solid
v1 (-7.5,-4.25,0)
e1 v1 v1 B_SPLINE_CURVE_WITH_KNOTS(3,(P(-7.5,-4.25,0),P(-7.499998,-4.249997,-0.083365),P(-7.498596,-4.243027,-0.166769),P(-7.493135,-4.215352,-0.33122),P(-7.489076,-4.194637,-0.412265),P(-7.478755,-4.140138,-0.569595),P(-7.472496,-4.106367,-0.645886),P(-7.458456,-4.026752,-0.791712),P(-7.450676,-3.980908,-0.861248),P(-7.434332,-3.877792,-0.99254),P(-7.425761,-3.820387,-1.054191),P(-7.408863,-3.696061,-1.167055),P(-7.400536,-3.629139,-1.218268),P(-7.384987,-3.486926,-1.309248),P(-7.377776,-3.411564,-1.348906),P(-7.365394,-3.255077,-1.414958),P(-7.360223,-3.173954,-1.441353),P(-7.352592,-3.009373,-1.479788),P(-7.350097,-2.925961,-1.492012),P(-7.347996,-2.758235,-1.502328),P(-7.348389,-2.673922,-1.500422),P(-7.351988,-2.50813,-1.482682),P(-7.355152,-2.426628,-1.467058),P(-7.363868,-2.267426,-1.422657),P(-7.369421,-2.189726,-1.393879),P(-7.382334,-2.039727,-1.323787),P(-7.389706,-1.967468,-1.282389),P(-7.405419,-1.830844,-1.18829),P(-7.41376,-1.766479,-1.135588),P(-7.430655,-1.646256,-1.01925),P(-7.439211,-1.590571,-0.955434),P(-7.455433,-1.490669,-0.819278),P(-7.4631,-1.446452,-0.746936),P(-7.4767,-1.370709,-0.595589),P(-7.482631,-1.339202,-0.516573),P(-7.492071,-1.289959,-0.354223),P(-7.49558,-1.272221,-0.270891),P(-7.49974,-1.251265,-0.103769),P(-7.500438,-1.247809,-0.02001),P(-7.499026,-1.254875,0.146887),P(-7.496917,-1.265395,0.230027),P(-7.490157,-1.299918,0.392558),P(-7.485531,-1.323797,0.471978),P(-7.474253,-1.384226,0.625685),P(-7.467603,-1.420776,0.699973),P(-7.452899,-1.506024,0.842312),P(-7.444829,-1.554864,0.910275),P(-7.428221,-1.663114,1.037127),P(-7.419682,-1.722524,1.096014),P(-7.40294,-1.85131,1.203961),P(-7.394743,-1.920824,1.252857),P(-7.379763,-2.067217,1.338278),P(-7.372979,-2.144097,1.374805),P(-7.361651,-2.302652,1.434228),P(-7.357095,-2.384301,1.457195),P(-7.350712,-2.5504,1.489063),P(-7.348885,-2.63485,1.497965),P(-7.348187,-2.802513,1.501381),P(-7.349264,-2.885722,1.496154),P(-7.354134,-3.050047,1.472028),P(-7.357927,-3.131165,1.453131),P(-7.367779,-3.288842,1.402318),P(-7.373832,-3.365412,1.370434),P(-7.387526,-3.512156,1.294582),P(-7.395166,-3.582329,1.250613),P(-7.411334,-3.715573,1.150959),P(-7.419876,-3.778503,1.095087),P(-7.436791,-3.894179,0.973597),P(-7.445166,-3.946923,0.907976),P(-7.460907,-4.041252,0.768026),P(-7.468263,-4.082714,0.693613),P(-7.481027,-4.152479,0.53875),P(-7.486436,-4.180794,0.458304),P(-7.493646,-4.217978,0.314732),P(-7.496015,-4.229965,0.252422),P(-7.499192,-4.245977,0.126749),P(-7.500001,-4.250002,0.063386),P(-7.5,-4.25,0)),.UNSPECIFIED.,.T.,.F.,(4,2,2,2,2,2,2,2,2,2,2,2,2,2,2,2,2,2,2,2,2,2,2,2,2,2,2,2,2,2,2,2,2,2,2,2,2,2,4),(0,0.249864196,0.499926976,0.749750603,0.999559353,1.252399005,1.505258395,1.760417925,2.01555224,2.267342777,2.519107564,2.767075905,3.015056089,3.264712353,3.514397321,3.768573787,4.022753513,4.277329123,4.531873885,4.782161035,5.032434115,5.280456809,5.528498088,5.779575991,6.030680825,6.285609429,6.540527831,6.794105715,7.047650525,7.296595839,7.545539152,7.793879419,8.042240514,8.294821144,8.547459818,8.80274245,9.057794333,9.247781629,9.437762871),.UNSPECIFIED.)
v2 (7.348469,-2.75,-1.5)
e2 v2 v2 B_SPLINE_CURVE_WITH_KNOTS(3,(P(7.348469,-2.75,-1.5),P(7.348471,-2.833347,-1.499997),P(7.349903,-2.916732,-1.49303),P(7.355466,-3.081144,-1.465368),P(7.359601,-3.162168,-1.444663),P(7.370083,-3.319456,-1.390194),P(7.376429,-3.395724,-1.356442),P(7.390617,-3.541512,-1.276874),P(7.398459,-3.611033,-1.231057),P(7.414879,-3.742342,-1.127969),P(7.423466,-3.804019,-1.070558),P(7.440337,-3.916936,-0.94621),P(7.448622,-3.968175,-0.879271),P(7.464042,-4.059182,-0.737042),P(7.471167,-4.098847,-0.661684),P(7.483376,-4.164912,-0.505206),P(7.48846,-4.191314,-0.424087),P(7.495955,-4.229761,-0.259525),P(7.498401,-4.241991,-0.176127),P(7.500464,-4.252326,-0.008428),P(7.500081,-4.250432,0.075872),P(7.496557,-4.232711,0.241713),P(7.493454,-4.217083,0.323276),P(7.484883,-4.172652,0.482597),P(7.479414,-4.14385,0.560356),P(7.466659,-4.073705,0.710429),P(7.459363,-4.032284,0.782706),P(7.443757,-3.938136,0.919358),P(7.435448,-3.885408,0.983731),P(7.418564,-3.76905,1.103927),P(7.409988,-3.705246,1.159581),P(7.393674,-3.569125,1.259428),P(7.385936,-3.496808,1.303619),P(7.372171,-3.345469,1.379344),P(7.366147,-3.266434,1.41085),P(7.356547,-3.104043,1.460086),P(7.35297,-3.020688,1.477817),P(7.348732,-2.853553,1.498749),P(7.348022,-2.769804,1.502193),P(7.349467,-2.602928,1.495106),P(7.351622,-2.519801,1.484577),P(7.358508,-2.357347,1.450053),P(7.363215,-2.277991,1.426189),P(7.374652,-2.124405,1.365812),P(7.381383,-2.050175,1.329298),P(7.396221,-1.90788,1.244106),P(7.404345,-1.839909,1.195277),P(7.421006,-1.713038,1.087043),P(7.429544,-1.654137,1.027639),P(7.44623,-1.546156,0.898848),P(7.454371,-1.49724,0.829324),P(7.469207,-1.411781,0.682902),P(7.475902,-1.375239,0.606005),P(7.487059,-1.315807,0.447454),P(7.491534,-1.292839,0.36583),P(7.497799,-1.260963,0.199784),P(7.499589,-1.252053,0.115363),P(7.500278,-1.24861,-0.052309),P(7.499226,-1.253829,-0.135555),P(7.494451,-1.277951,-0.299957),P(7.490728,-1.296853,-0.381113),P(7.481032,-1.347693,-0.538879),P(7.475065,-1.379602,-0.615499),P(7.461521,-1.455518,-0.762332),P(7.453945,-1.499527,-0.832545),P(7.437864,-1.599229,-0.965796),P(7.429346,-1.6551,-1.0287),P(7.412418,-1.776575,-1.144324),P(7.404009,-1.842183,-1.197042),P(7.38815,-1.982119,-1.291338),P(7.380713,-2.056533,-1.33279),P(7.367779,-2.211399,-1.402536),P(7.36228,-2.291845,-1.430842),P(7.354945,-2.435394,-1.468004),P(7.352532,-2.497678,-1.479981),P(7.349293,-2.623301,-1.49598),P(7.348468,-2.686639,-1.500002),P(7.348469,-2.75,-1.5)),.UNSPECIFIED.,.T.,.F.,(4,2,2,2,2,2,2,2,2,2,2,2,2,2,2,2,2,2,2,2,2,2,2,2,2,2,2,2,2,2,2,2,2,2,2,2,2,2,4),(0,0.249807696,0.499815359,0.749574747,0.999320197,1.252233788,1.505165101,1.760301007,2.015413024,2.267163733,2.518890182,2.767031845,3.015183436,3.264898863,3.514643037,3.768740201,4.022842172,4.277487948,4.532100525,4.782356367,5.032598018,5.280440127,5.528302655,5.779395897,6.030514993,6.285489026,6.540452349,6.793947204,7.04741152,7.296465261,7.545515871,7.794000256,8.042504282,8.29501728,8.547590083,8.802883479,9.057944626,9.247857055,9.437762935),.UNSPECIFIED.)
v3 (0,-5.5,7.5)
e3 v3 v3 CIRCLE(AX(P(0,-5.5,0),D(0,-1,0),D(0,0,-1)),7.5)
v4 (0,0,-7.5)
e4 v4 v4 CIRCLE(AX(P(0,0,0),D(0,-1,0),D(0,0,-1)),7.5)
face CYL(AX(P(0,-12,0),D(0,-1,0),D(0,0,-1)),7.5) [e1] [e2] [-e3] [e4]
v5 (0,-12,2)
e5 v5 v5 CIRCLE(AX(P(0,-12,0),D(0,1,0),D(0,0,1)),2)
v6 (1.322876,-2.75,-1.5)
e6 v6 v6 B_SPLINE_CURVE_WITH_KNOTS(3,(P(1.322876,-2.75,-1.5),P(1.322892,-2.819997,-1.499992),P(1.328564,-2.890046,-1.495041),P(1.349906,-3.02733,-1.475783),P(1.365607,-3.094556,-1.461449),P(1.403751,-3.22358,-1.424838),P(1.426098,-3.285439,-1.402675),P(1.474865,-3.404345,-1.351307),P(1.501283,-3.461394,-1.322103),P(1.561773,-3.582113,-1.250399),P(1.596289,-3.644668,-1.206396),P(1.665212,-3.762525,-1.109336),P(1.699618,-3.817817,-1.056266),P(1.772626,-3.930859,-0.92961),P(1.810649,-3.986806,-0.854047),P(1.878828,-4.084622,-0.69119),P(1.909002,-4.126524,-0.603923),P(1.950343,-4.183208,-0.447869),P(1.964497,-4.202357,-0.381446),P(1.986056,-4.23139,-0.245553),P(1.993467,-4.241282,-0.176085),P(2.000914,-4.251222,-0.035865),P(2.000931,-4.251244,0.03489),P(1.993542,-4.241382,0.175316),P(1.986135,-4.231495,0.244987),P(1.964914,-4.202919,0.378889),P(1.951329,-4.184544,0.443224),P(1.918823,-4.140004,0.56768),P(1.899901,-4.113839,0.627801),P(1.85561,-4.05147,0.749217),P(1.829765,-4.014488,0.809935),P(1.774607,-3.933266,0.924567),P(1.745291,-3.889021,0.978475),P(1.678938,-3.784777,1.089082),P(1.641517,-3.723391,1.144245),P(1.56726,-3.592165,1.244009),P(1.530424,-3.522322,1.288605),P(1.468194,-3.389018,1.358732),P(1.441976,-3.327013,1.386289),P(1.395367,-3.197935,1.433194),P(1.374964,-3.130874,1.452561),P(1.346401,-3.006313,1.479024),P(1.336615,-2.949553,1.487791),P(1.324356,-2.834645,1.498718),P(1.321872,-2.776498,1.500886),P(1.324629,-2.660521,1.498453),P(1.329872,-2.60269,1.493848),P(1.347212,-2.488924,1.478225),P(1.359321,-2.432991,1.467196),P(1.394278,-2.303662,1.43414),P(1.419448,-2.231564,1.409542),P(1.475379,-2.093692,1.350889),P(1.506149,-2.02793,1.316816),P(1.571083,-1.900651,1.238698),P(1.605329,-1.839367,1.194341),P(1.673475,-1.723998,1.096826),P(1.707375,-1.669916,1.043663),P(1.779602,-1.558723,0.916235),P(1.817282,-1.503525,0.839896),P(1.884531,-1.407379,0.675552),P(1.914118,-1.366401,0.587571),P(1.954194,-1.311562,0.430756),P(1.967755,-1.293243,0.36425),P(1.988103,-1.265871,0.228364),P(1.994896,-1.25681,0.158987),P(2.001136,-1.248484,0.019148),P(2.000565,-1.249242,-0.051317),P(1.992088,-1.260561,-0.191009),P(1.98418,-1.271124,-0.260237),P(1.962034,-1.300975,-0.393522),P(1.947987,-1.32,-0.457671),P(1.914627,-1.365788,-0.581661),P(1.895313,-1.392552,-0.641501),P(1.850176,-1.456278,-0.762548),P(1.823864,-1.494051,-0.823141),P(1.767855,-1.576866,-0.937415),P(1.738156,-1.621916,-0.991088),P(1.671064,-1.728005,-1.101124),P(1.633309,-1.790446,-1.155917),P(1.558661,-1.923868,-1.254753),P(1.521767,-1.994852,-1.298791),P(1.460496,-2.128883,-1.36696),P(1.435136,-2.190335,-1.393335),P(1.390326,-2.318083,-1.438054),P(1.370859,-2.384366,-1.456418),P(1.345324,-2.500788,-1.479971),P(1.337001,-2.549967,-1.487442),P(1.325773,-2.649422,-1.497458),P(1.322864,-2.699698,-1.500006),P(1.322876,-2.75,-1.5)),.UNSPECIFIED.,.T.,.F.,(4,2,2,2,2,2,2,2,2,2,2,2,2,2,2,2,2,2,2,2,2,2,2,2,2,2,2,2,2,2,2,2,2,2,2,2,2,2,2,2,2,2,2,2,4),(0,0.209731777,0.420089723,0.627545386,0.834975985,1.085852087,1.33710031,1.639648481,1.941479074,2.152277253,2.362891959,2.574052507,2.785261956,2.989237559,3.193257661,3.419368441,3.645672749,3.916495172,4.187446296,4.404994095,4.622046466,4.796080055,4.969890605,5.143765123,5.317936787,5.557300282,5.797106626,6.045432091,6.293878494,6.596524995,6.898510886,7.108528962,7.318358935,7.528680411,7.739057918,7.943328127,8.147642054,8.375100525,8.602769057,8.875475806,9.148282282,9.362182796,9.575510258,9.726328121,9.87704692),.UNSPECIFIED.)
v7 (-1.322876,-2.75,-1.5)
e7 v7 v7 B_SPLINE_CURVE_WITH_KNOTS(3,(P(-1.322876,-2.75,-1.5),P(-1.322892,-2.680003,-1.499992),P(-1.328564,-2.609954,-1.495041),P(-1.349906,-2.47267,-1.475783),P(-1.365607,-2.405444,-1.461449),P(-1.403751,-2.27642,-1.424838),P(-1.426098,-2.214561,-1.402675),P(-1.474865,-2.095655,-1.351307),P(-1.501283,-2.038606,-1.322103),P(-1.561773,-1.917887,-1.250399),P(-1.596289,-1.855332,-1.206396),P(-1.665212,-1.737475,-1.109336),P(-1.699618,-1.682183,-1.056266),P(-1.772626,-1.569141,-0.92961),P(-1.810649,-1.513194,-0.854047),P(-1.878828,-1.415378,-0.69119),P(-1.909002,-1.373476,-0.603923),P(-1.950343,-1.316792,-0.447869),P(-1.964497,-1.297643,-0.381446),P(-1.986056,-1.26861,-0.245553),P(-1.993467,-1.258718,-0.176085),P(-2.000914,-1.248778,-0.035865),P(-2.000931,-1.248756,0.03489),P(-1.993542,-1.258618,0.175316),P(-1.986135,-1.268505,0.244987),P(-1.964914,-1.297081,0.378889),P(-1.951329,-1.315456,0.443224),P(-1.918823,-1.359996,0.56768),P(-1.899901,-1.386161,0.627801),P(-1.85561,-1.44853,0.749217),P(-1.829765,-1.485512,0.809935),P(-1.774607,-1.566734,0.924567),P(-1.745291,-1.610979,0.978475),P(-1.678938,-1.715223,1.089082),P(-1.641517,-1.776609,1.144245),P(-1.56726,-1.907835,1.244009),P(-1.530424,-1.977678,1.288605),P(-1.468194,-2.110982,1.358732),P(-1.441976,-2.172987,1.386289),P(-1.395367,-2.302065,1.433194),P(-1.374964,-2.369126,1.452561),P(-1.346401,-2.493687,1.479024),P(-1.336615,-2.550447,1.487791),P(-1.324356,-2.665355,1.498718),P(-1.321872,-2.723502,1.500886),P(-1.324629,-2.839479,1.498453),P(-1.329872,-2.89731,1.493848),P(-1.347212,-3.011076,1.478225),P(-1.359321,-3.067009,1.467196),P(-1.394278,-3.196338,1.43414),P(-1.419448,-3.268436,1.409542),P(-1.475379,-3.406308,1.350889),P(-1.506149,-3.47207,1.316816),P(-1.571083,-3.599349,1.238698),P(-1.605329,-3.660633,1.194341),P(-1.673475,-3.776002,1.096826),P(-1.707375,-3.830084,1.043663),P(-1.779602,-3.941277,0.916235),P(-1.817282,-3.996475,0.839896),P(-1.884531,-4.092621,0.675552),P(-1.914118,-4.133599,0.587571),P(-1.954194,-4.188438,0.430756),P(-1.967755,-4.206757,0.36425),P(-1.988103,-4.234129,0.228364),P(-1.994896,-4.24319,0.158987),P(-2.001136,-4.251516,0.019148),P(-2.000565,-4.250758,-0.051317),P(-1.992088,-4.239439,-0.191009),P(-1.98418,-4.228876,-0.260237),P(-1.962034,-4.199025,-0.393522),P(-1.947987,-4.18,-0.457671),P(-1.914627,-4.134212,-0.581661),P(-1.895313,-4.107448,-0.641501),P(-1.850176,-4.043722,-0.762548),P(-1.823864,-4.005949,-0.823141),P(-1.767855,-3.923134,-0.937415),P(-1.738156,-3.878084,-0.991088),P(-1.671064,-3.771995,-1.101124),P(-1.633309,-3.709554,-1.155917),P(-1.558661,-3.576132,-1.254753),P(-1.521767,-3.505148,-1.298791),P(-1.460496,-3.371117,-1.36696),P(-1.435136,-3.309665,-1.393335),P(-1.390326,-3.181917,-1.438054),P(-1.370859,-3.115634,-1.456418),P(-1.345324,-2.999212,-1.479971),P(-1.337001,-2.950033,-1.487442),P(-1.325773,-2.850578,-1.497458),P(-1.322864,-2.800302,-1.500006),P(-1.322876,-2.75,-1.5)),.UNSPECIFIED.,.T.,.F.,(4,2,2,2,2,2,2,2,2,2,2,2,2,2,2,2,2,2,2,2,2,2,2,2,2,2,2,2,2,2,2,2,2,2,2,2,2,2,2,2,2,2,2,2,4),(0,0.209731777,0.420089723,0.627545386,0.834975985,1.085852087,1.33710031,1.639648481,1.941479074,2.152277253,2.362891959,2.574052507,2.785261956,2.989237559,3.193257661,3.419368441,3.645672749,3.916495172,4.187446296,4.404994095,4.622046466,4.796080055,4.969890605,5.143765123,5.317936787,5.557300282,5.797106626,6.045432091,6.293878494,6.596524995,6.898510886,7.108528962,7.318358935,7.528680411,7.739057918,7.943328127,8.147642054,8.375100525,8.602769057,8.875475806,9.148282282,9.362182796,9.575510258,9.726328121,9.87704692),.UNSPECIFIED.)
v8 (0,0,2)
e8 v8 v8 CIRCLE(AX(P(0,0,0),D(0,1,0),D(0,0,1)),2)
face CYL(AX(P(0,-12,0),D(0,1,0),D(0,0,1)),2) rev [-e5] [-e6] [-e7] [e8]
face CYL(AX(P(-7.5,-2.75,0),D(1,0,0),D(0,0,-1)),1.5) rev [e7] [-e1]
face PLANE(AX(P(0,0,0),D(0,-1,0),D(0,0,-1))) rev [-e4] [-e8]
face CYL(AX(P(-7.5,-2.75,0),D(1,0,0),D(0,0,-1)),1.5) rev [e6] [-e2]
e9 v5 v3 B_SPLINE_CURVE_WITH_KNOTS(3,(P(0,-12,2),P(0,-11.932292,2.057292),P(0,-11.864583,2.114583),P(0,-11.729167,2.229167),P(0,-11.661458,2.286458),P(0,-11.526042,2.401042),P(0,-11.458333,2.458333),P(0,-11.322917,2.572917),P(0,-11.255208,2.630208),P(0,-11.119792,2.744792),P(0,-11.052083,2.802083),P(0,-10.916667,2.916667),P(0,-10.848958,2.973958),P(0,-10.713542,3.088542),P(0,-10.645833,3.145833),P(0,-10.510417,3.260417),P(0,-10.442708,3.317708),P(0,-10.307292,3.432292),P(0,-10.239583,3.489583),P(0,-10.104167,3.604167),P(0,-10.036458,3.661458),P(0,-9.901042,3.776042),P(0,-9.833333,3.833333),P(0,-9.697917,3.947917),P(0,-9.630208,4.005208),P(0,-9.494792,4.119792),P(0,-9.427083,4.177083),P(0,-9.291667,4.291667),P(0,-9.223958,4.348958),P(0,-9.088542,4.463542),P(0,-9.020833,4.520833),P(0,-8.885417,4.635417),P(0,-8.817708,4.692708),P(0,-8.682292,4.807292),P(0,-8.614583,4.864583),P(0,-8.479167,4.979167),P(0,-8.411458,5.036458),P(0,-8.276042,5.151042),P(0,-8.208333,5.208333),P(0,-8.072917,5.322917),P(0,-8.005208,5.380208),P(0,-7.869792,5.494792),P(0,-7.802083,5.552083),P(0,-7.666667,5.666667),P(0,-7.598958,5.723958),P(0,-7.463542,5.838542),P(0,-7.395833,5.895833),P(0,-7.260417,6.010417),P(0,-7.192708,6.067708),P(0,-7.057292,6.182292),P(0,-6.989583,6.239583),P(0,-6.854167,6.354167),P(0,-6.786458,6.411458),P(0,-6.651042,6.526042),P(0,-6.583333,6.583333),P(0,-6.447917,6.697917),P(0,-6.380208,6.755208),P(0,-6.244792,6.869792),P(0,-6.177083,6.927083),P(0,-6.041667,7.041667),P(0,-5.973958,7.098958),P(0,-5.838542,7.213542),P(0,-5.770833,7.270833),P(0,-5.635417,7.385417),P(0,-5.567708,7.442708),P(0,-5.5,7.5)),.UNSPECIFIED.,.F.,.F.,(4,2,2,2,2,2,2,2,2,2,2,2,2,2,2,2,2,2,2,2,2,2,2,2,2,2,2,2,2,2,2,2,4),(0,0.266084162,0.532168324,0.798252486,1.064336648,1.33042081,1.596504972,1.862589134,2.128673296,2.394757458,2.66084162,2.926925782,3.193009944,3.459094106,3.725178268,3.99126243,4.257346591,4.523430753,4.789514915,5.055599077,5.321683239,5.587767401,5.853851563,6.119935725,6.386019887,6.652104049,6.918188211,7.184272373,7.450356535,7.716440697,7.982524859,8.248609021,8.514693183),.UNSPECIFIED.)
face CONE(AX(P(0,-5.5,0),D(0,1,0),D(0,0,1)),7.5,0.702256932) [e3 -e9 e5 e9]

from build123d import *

# Parameters (mm, degrees)
CUT_EXTRUDE1_DEPTH      = 17.015617378
CUT_EXTRUDE1_DEPTH_BACK = 17.015617378
SKETCH2_R               = 1.5
SKETCH3_R               = 2
CUT_EXTRUDE2_DEPTH      = 17.015617484


with BuildPart() as part:
    # Sketch1 → Revolve1 (revolve)
    with BuildSketch(Plane(origin=(0, 0, 0), x_dir=(0, 0, -1), z_dir=(1, 0, 0)), mode=Mode.PRIVATE) as revolve1_sk:
        Polygon((0, 0), (-7.5, 0), (-7.5, -5.5), (-2, -12), (0, -12), align=None)
    revolve(revolve1_sk.sketch.rotate(Axis((0, -12, 0), (0, 1, 0)), 180), axis=Axis((0, -12, 0), (0, 1, 0)))

    # Sketch2 → Cut-Extrude1 (cut, two sides: drawn at the far end of the back side and taken through both)
    with BuildSketch(Plane(origin=(0, 0, 0), x_dir=(0, 0, -1), z_dir=(1, 0, 0)).offset(-CUT_EXTRUDE1_DEPTH_BACK)):
        with Locations((0, -2.75)):
            Circle(SKETCH2_R)
    extrude(amount=CUT_EXTRUDE1_DEPTH + CUT_EXTRUDE1_DEPTH_BACK, mode=Mode.SUBTRACT)

    # Sketch3 → Cut-Extrude2 (cut, through all)
    with BuildSketch(Plane(origin=(0, 0, 0), x_dir=(1, 0, 0), z_dir=(0, 1, 0))):
        with Locations(Location((0, 0, 0), (0, 0, 270))):
            Circle(SKETCH3_R)
    extrude(amount=-CUT_EXTRUDE2_DEPTH, mode=Mode.SUBTRACT)


solid = part.part
